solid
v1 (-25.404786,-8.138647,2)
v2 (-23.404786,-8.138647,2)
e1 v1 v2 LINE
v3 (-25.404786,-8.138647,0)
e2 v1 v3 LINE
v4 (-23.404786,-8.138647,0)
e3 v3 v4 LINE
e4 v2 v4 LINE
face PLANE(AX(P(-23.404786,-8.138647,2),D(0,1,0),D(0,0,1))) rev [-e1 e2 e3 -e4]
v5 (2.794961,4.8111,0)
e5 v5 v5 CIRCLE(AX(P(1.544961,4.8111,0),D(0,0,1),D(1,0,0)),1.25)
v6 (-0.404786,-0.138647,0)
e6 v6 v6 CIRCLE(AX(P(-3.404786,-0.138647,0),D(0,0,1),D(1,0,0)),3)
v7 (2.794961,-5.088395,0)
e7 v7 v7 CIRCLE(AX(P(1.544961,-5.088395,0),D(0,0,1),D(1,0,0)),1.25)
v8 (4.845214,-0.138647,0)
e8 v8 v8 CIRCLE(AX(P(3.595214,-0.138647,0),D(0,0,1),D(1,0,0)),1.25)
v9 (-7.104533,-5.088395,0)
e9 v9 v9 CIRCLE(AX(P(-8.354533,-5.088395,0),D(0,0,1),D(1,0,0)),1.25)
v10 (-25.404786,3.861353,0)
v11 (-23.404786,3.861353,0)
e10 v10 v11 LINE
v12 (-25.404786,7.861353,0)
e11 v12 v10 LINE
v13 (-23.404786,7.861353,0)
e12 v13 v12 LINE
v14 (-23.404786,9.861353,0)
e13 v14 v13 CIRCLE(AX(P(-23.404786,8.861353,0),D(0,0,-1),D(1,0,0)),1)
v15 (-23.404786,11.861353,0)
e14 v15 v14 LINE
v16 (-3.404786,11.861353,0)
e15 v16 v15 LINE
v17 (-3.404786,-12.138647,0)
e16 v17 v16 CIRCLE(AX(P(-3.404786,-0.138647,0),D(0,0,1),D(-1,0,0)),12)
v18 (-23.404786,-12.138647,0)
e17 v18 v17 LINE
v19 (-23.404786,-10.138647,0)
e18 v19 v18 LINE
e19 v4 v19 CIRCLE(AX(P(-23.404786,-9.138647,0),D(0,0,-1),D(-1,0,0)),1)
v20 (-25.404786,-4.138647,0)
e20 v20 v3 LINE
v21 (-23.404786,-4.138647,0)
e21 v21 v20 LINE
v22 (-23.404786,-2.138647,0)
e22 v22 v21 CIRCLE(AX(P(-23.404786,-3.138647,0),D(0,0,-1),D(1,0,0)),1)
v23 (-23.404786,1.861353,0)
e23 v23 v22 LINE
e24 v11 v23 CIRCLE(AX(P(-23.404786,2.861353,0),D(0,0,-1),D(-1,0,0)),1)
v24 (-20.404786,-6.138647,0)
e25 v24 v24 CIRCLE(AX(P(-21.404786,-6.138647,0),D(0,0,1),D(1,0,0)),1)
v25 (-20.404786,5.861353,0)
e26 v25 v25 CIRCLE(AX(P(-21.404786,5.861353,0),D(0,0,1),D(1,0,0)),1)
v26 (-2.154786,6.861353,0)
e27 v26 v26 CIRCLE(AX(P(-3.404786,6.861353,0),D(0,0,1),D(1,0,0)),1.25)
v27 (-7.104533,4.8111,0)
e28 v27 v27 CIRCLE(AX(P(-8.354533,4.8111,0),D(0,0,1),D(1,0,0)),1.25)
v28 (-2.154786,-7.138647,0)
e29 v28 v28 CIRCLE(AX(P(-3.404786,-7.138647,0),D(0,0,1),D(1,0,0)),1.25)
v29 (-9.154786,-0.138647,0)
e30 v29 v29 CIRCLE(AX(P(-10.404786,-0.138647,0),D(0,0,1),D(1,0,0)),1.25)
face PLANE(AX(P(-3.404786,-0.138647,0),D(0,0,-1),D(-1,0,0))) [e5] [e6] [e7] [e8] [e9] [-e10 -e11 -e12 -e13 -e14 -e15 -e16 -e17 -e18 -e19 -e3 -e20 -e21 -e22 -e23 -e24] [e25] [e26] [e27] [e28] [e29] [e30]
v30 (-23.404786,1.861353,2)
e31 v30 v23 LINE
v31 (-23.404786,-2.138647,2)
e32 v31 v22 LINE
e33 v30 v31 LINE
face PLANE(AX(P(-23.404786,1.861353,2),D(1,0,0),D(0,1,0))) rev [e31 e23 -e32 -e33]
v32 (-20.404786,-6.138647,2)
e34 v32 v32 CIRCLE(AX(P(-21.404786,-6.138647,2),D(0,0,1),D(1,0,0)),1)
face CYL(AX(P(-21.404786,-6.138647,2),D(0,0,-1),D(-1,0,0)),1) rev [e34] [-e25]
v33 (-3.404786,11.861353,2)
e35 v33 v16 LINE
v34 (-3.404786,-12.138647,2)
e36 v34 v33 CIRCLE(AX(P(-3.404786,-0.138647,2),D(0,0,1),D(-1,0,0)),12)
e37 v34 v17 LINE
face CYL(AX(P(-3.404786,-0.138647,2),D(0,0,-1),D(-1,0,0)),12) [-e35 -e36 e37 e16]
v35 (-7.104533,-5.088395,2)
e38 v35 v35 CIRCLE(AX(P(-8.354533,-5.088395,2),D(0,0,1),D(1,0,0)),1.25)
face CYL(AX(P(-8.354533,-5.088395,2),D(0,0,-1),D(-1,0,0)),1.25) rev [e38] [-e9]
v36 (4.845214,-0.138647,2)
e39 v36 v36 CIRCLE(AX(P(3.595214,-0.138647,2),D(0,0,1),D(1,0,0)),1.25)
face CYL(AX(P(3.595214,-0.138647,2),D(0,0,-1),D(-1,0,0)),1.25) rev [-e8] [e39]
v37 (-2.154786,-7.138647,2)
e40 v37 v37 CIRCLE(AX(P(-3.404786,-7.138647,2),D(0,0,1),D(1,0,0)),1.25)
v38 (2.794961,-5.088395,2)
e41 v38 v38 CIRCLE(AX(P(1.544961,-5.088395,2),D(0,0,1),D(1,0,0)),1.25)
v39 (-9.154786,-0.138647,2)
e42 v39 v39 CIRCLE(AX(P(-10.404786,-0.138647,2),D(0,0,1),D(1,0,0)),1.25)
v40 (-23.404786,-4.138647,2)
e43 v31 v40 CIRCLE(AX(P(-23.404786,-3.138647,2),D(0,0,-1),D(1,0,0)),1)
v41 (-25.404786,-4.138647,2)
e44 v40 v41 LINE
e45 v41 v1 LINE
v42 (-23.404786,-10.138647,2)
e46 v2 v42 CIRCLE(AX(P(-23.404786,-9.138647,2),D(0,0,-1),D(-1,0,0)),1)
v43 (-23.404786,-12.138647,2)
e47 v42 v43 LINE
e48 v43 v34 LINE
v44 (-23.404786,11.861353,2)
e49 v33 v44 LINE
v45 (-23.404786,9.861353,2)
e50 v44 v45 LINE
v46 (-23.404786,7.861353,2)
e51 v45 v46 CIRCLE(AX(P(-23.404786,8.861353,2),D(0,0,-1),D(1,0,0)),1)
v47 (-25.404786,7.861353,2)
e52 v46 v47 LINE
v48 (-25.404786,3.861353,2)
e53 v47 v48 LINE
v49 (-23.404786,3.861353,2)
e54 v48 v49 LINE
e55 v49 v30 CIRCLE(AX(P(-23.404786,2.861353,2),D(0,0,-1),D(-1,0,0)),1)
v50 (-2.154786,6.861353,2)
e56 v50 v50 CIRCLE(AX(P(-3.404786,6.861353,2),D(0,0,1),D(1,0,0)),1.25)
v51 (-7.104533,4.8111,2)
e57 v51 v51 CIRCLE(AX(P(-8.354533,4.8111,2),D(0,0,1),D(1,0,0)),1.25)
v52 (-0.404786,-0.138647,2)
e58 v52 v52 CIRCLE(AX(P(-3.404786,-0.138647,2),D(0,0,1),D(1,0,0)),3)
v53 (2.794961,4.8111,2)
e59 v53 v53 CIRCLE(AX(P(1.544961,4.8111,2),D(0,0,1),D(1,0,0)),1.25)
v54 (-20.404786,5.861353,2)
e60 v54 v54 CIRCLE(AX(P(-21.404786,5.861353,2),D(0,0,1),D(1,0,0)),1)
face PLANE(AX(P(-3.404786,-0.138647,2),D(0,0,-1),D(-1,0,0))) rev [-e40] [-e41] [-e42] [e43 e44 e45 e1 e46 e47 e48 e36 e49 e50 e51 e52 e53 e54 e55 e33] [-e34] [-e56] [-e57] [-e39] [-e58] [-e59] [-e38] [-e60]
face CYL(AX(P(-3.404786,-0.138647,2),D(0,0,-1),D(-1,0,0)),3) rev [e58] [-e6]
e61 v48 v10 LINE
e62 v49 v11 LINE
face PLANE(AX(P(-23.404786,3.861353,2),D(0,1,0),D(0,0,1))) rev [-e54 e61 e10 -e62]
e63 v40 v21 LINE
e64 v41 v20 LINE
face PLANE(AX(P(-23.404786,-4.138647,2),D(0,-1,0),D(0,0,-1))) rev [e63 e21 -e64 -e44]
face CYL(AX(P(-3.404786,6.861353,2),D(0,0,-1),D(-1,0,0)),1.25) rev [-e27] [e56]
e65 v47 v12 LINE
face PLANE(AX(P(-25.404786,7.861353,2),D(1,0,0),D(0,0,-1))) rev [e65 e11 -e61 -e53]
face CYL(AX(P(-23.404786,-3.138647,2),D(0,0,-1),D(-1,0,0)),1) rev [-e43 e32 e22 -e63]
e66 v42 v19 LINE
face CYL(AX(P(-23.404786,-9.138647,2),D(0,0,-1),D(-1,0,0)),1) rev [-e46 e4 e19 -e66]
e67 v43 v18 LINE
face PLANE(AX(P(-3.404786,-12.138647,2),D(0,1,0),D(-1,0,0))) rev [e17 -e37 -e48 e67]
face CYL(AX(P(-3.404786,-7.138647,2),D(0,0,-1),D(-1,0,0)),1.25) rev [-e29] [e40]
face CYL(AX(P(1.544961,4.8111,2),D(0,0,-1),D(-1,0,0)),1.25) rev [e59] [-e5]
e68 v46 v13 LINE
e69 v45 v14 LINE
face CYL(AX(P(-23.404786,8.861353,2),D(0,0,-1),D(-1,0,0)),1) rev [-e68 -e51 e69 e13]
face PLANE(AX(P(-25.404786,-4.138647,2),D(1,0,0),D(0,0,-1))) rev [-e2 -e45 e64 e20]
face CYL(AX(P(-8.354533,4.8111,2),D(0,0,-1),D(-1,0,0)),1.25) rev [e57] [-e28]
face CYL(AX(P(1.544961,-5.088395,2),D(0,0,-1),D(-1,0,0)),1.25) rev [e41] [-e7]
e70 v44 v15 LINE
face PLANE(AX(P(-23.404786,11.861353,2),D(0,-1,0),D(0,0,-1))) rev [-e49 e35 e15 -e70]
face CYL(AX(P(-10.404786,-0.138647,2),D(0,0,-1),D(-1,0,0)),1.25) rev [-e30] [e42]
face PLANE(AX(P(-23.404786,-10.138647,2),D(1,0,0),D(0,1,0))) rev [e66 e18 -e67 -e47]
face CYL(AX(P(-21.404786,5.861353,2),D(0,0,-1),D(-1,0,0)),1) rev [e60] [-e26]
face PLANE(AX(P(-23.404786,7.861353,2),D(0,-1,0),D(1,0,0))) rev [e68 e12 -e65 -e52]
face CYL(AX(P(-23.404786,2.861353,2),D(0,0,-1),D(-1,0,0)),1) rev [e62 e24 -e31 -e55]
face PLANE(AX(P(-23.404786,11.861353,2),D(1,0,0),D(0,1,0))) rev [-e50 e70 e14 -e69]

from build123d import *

# Parameters (mm, degrees)
SKETCH_8_R      = 1.25
SKETCH_8_R_2    = 3
SKETCH_8_R_3    = 1
EXTRUDE_1_DEPTH = 2


with BuildPart() as part:
    # 草圖8 → 填料-伸長1 (new body)
    with BuildSketch(Plane.XY):
        with BuildLine():
            Line((-23.40478598, 11.861352689), (-23.40478598, 9.861352689))
            ThreePointArc((-23.40478598, 9.861352689), (-22.40478598, 8.861352689), (-23.40478598, 7.861352689))
            Line((-23.40478598, 7.861352689), (-25.40478598, 7.861352689))
            Line((-25.40478598, 7.861352689), (-25.40478598, 3.861352689))
            Line((-25.40478598, 3.861352689), (-23.40478598, 3.861352689))
            ThreePointArc((-23.40478598, 3.861352689), (-22.40478598, 2.861352689), (-23.40478598, 1.861352689))
            Line((-23.40478598, 1.861352689), (-23.40478598, -2.138647311))
            ThreePointArc((-23.40478598, -2.138647311), (-22.40478598, -3.138647311), (-23.40478598, -4.138647311))
            Line((-23.40478598, -4.138647311), (-25.40478598, -4.138647311))
            Line((-25.40478598, -4.138647311), (-25.40478598, -8.138647311))
            Line((-25.40478598, -8.138647311), (-23.40478598, -8.138647311))
            ThreePointArc((-23.40478598, -8.138647311), (-22.40478598, -9.138647311), (-23.40478598, -10.138647311))
            Line((-23.40478598, -10.138647311), (-23.40478598, -12.138647311))
            Line((-23.40478598, -12.138647311), (-3.40478598, -12.138647311))
            ThreePointArc((-3.40478598, -12.138647311), (8.59521402, -0.138647311), (-3.40478598, 11.861352689))
            Line((-3.40478598, 11.861352689), (-23.40478598, 11.861352689))
        make_face()
        with Locations((-3.40478598, 6.861352689)):
            Circle(SKETCH_8_R, mode=Mode.SUBTRACT)
        with Locations((1.544961489, 4.811100157)):
            Circle(SKETCH_8_R, mode=Mode.SUBTRACT)
        with Locations((-3.40478598, -0.138647311)):
            Circle(SKETCH_8_R_2, mode=Mode.SUBTRACT)
        with Locations((3.59521402, -0.138647311)):
            Circle(SKETCH_8_R, mode=Mode.SUBTRACT)
        with Locations((1.544961489, -5.08839478)):
            Circle(SKETCH_8_R, mode=Mode.SUBTRACT)
        with Locations((-3.40478598, -7.138647311)):
            Circle(SKETCH_8_R, mode=Mode.SUBTRACT)
        with Locations((-8.354533448, -5.08839478)):
            Circle(SKETCH_8_R, mode=Mode.SUBTRACT)
        with Locations((-10.40478598, -0.138647311)):
            Circle(SKETCH_8_R, mode=Mode.SUBTRACT)
        with Locations((-8.354533448, 4.811100157)):
            Circle(SKETCH_8_R, mode=Mode.SUBTRACT)
        with Locations((-21.40478598, 5.861352689)):
            Circle(SKETCH_8_R_3, mode=Mode.SUBTRACT)
        with Locations((-21.40478598, -6.138647311)):
            Circle(SKETCH_8_R_3, mode=Mode.SUBTRACT)
    extrude(amount=EXTRUDE_1_DEPTH)


solid = part.part
